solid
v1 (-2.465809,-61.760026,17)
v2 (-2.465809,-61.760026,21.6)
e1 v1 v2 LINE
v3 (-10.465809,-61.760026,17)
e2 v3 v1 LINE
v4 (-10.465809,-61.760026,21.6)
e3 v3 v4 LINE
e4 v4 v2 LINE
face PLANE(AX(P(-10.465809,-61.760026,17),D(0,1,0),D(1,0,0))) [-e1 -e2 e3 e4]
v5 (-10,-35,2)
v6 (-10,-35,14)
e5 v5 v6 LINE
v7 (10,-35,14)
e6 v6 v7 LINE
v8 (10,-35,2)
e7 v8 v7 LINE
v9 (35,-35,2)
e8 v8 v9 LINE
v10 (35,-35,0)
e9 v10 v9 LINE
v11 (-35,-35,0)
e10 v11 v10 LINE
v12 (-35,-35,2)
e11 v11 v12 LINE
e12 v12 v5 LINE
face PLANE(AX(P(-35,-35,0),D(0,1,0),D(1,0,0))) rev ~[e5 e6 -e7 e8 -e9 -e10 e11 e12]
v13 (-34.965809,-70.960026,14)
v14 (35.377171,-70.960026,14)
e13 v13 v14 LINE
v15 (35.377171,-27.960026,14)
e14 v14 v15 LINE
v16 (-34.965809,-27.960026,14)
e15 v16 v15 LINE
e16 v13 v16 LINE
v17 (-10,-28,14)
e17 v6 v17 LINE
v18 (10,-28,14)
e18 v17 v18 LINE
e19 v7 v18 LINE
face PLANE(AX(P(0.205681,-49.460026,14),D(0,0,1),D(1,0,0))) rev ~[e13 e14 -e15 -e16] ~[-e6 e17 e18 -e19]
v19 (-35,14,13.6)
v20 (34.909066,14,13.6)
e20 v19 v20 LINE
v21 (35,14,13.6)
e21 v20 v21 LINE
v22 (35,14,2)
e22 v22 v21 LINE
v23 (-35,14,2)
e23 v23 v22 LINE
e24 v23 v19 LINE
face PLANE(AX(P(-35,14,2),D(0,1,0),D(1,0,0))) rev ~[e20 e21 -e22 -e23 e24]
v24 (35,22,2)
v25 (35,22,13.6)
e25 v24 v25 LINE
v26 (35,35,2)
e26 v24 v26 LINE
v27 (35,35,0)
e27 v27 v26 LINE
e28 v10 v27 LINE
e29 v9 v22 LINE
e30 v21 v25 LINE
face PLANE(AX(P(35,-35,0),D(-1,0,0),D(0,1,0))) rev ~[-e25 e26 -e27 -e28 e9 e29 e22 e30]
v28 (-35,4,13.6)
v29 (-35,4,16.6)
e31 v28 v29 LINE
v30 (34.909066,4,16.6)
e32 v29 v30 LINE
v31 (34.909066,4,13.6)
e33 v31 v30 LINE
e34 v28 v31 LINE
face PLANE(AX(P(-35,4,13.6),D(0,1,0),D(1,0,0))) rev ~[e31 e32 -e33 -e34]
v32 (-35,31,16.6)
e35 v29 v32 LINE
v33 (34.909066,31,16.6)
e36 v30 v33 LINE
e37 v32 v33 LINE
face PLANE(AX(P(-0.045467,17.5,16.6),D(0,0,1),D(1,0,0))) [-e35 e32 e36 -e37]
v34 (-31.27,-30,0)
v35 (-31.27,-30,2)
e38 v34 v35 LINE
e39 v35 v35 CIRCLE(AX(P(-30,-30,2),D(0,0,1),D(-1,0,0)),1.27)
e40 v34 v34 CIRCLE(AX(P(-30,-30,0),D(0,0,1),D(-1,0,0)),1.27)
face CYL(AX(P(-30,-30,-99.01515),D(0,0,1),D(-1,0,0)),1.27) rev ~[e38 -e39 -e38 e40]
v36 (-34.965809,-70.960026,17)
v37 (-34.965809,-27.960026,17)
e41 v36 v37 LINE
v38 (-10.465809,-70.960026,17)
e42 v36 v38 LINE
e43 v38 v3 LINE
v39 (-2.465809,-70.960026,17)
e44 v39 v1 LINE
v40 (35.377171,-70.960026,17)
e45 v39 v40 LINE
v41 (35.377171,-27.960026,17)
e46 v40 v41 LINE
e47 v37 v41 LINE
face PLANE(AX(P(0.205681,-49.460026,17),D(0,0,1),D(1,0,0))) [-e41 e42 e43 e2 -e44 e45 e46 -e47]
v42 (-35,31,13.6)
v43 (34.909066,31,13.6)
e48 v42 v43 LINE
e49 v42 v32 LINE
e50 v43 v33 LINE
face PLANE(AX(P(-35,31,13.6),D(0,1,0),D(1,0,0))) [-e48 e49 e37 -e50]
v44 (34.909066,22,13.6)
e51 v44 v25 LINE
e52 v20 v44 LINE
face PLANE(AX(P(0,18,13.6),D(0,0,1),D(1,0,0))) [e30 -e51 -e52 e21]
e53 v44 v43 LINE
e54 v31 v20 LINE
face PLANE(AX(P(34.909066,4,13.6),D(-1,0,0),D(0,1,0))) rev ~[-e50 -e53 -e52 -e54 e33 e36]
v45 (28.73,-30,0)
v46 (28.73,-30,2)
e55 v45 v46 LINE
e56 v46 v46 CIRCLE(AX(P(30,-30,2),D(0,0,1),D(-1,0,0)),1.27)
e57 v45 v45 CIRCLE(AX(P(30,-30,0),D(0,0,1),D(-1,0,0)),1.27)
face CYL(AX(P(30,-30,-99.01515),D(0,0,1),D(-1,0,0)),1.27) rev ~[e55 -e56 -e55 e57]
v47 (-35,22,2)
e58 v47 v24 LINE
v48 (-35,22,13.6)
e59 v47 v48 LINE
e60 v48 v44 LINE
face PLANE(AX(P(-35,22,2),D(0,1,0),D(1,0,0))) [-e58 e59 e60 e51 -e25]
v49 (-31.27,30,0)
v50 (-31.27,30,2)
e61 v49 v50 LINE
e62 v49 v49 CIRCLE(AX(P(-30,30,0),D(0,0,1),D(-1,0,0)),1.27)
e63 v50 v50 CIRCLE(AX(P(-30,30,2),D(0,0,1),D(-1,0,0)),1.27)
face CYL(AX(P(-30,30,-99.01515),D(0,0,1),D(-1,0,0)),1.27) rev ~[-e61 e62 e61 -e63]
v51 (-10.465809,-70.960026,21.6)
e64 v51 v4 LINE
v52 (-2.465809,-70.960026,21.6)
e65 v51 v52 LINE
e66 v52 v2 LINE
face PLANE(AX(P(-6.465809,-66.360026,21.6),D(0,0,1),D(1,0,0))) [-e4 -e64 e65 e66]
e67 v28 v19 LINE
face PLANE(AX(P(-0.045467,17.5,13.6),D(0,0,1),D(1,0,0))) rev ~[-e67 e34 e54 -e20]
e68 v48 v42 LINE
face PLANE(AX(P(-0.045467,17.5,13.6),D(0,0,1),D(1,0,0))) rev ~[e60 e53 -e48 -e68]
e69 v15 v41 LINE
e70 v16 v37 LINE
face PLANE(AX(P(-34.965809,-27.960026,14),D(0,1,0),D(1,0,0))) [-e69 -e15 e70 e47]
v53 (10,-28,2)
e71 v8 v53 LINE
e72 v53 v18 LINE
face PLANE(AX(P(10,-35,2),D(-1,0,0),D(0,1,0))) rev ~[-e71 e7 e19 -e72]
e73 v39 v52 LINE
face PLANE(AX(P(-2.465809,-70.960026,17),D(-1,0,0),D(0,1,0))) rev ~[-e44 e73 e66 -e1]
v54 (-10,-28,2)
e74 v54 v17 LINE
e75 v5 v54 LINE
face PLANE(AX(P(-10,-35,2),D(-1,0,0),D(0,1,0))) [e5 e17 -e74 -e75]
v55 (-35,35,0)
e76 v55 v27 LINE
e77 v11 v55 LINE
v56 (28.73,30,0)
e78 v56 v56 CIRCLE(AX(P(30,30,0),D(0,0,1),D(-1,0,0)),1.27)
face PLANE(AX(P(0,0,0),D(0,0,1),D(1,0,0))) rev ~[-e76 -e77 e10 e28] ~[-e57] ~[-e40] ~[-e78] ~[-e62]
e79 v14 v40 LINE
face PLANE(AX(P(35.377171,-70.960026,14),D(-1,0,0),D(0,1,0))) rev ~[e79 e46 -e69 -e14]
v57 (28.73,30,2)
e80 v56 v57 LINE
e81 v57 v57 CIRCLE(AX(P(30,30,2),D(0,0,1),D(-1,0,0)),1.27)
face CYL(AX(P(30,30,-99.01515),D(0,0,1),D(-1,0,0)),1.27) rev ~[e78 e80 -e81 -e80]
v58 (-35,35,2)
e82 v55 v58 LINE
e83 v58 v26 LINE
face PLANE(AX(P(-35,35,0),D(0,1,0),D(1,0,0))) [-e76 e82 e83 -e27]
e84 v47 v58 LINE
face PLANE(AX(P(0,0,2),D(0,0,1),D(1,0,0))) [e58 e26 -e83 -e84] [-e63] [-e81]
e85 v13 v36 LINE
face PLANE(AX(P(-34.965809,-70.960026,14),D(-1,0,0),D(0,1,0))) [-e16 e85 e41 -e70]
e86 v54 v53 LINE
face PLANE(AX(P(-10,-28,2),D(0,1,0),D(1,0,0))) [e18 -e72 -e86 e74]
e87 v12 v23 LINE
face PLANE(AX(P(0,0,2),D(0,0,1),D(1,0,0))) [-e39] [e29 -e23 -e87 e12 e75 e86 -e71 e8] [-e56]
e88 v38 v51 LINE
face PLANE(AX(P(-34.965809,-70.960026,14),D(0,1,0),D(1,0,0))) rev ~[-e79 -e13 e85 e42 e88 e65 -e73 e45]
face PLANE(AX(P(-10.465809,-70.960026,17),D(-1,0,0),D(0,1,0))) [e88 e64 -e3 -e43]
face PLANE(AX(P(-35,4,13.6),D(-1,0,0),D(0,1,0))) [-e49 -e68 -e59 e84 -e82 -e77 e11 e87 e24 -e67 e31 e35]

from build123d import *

# Parameters (mm, degrees)
F0_W      = 70
F0_H      = 70
F1_DEPTH  = 2
F3_D      = 2.54
F4_W      = 70
F4_H      = 8
F5_DEPTH  = 11.6
F6_W      = 69.909066
F6_H      = 27
F7_DEPTH  = 3
F8_W      = 20
F8_H      = 7
F9_DEPTH  = 12
F10_W     = 70.34298
F10_H     = 43
F11_DEPTH = 3
F12_W     = 8
F12_H     = 9.2
F13_DEPTH = 4.6


with BuildPart() as f1:
    # F0 (on Top) → F1 (new body)
    with BuildSketch(Plane.XY):
        Rectangle(F0_W, F0_H)
    extrude(amount=F1_DEPTH)

    # F3 (through all)
    with Locations(Plane(origin=(0, 0, 0), x_dir=(1, 0, 0), z_dir=(0, 0, -1))):
        with Locations((-30, 30), (30, 30), (-30, -30), (30, -30)):
            Hole(F3_D / 2)

    # F4 (on face) → F5 (join)
    with BuildSketch(Plane.XY.offset(2)):
        with Locations((0, 18)):
            Rectangle(F4_W, F4_H)
    extrude(amount=F5_DEPTH)

    # F6 (on face) → F7 (join)
    with BuildSketch(Plane.XY.offset(13.6)):
        with Locations((-0.045467, 17.5)):
            Rectangle(F6_W, F6_H)
    extrude(amount=F7_DEPTH)

    # F8 (on face) → F9 (join)
    with BuildSketch(Plane.XY.offset(2)):
        with Locations((0, -31.5)):
            Rectangle(F8_W, F8_H)
    extrude(amount=F9_DEPTH)

    # F10 (on face) → F11 (join)
    with BuildSketch(Plane.XY.offset(14)):
        with Locations((0.205681, -49.460026)):
            Rectangle(F10_W, F10_H)
    extrude(amount=F11_DEPTH)

    # F12 (on face) → F13 (join)
    with BuildSketch(Plane.XY.offset(17)):
        with Locations((-6.465809, -66.360026)):
            Rectangle(F12_W, F12_H)
    extrude(amount=F13_DEPTH)


solid = f1.part
